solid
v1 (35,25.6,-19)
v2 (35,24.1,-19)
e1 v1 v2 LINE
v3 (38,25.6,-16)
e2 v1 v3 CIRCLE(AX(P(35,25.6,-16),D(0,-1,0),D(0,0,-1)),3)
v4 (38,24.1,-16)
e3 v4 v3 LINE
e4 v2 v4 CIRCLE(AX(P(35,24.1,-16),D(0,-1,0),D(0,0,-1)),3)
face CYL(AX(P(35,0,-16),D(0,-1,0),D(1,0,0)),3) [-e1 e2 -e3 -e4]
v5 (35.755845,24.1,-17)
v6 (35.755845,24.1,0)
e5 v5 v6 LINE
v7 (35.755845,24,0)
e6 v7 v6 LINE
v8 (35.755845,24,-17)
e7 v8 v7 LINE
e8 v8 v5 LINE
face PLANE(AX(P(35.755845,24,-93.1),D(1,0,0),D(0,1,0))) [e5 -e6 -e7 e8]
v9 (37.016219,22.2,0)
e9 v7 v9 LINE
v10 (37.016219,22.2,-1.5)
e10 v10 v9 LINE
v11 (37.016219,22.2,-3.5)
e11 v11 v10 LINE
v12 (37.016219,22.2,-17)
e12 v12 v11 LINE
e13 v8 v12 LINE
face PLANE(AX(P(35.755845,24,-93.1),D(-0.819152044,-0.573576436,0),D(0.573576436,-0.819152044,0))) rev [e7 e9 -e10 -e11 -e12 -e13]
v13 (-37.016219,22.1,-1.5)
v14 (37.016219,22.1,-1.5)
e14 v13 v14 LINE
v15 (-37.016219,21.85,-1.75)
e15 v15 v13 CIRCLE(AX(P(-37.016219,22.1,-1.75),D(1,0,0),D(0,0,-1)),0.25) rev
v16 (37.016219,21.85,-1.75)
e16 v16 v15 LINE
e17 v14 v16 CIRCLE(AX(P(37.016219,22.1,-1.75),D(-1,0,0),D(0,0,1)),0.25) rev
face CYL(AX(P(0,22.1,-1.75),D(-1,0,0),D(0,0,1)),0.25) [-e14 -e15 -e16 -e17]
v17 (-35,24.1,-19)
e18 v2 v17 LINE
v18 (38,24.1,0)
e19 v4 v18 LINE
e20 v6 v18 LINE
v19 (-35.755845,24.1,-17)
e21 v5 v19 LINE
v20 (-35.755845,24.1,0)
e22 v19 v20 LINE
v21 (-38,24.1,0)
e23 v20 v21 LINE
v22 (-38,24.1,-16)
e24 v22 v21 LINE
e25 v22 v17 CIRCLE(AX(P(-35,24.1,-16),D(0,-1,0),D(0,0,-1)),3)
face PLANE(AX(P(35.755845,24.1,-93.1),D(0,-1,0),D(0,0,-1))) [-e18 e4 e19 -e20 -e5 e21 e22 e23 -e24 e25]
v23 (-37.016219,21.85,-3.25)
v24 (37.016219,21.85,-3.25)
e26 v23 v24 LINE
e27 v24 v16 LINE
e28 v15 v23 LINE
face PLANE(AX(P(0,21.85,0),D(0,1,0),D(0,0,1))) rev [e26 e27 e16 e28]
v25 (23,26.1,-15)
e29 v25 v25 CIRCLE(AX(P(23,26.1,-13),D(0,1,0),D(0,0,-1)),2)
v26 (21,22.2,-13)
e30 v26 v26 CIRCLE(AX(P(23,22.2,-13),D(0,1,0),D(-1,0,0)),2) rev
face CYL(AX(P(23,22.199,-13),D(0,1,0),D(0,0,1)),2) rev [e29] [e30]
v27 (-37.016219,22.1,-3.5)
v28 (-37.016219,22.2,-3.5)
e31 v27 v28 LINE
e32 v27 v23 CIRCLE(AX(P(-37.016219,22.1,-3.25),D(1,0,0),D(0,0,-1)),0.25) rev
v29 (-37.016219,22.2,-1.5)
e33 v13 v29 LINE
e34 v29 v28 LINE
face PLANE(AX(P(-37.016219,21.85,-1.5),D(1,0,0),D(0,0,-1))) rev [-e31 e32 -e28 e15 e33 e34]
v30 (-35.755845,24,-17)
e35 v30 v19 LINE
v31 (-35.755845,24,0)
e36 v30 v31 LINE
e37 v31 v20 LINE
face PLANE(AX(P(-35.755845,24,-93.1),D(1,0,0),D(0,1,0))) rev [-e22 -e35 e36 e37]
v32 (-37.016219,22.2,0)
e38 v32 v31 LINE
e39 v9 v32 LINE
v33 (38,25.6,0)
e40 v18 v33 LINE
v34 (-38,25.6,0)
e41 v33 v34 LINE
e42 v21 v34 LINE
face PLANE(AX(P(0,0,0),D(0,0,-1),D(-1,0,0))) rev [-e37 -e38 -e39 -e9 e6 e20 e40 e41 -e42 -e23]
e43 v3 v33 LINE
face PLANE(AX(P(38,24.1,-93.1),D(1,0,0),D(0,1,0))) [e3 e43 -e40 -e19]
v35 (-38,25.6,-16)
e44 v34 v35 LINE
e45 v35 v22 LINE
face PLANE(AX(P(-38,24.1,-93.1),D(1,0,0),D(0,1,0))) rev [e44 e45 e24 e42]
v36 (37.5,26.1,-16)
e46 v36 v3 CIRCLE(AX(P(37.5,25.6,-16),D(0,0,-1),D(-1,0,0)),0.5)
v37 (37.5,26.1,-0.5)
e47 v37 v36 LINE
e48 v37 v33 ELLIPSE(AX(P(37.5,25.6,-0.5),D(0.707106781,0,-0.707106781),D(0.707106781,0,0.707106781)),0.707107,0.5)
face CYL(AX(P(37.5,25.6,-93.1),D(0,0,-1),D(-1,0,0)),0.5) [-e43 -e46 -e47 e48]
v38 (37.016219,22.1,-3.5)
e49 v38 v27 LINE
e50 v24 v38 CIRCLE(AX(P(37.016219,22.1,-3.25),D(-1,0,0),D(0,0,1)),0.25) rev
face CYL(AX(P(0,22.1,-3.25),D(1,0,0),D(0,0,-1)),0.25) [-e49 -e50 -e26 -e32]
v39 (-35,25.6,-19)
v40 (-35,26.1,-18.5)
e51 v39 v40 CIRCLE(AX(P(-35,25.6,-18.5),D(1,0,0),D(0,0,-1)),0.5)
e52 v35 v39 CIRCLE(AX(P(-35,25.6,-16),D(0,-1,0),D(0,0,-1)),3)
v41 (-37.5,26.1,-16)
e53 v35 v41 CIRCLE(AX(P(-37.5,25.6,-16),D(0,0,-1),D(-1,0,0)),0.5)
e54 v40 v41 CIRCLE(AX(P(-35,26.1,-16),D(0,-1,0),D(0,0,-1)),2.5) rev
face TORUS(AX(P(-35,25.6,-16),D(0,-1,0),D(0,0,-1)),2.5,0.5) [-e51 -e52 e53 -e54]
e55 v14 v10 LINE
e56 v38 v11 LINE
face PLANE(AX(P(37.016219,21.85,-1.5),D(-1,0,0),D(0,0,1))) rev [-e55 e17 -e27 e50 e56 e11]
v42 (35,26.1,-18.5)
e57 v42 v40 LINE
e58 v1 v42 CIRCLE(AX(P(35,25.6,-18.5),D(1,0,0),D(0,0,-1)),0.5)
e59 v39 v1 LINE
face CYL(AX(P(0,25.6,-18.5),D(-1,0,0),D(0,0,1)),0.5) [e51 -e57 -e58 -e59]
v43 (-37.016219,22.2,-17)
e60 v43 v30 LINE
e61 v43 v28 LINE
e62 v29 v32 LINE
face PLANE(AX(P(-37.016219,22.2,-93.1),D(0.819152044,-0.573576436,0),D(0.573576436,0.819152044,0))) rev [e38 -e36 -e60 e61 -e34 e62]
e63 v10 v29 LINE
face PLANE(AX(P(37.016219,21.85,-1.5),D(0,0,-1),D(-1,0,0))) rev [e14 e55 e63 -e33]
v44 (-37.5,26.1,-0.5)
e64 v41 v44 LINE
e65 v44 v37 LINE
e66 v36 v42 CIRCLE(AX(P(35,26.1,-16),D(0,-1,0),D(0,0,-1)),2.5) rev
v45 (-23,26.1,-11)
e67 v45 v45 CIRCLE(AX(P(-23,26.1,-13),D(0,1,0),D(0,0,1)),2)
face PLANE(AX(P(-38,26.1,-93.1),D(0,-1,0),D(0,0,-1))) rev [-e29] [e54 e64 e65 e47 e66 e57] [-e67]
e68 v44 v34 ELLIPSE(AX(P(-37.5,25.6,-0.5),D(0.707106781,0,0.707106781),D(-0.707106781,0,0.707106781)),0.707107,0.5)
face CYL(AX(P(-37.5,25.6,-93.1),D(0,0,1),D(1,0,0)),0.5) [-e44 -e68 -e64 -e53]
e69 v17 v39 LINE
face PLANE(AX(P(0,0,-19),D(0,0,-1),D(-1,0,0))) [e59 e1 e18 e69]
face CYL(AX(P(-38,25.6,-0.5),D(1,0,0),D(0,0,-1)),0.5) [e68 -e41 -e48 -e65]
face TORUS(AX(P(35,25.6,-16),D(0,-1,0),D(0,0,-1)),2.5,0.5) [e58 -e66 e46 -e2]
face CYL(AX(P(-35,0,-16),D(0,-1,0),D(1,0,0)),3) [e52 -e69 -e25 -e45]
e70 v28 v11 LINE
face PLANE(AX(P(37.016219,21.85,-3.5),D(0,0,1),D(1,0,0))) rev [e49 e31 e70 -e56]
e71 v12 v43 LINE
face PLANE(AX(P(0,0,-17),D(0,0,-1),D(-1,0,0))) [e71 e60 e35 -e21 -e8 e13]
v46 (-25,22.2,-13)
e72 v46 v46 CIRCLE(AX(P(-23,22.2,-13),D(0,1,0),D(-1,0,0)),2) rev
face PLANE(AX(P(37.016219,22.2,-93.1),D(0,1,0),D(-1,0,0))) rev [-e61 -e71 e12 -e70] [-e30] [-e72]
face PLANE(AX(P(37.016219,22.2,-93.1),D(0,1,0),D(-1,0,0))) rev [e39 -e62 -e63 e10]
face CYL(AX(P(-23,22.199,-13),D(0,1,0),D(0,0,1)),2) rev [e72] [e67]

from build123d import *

# Parameters (mm, degrees)
BOSS_EXTRUDE1_DEPTH = 17
SKETCH2_W           = 76
SKETCH2_H           = 2
BOSS_EXTRUDE2_DEPTH = 2
FILLET1_R           = 3
FILLET2_R           = 0.5
CUT_EXTRUDE1_REACH  = 44.664
SKETCH3_R           = 2
SKETCH4_W           = 74.032437302
SKETCH4_H           = 2
BOSS_EXTRUDE3_DEPTH = 0.35
FILLET3_R           = 0.25


with BuildPart() as part:
    # Sketch1 → Boss-Extrude1 (new body)
    with BuildSketch(Plane.XY):
        Polygon((35.755845082, 24), (37.016218651, 22.2), (-37.016218651, 22.2), (-35.755845082, 24), (-35.755845082, 24.1), (-38, 24.1), (-38, 26.1), (38, 26.1), (38, 24.1), (35.755845082, 24.1), align=None)
    extrude(amount=-BOSS_EXTRUDE1_DEPTH)

    # Sketch2 → Boss-Extrude2 (add)
    with BuildSketch(Plane(origin=(0, 0, -17), x_dir=(-1, 0, 0), z_dir=(0, 0, -1))):
        with Locations((0, 25.1)):
            Rectangle(SKETCH2_W, SKETCH2_H)
    extrude(amount=BOSS_EXTRUDE2_DEPTH)

    # Fillet1
    fillet1_edges = [part.edges().sort_by_distance(p)[0] for p in [
        (38, 25.1, -19),
        (-38, 25.1, -19),
    ]]
    fillet(fillet1_edges, radius=FILLET1_R)

    # Fillet2
    fillet2_edges = [part.edges().sort_by_distance(p)[0] for p in [
        (0, 26.1, 0),
        (0, 26.1, -19),
        (38, 26.1, -8),
        (-38, 26.1, -8),
        (37.121320344, 26.1, -18.121320344),
        (-37.121320344, 26.1, -18.121320344),
    ]]
    fillet(fillet2_edges, radius=FILLET2_R)

    # Sketch3 → Cut-Extrude1 (cut, up to next)
    with BuildSketch(Plane(origin=(0, 26.1, 0), x_dir=(1, 0, 0), z_dir=(0, 1, 0)), mode=Mode.PRIVATE) as cut_extrude1_sk1:
        with Locations(Location((-23, 13, 0), (0, 0, 270))):
            Circle(SKETCH3_R)
    cut_extrude1_tool1 = extrude(cut_extrude1_sk1.sketch, amount=-CUT_EXTRUDE1_REACH, mode=Mode.PRIVATE) & part.part
    # Sketch3 → Cut-Extrude1 (cut, up to next)
    with BuildSketch(Plane(origin=(0, 26.1, 0), x_dir=(1, 0, 0), z_dir=(0, 1, 0)), mode=Mode.PRIVATE) as cut_extrude1_sk2:
        with Locations(Location((23, 13, 0), (0, 0, 180))):
            Circle(SKETCH3_R)
    cut_extrude1_tool2 = extrude(cut_extrude1_sk2.sketch, amount=-CUT_EXTRUDE1_REACH, mode=Mode.PRIVATE) & part.part
    add(cut_extrude1_tool1.solids().sort_by_distance((-23, 26.1, -13))[0], mode=Mode.SUBTRACT)
    add(cut_extrude1_tool2.solids().sort_by_distance((23, 26.1, -13))[0], mode=Mode.SUBTRACT)

    # Sketch4 → Boss-Extrude3 (add)
    with BuildSketch(Plane.XZ.offset(-22.2)):
        with Locations((0, -2.5)):
            Rectangle(SKETCH4_W, SKETCH4_H)
    extrude(amount=BOSS_EXTRUDE3_DEPTH)

    # Fillet3
    fillet3_edges = [part.edges().sort_by_distance(p)[0] for p in [
        (0, 21.85, -1.5),
        (0, 21.85, -3.5),
    ]]
    fillet(fillet3_edges, radius=FILLET3_R)


solid = part.part
